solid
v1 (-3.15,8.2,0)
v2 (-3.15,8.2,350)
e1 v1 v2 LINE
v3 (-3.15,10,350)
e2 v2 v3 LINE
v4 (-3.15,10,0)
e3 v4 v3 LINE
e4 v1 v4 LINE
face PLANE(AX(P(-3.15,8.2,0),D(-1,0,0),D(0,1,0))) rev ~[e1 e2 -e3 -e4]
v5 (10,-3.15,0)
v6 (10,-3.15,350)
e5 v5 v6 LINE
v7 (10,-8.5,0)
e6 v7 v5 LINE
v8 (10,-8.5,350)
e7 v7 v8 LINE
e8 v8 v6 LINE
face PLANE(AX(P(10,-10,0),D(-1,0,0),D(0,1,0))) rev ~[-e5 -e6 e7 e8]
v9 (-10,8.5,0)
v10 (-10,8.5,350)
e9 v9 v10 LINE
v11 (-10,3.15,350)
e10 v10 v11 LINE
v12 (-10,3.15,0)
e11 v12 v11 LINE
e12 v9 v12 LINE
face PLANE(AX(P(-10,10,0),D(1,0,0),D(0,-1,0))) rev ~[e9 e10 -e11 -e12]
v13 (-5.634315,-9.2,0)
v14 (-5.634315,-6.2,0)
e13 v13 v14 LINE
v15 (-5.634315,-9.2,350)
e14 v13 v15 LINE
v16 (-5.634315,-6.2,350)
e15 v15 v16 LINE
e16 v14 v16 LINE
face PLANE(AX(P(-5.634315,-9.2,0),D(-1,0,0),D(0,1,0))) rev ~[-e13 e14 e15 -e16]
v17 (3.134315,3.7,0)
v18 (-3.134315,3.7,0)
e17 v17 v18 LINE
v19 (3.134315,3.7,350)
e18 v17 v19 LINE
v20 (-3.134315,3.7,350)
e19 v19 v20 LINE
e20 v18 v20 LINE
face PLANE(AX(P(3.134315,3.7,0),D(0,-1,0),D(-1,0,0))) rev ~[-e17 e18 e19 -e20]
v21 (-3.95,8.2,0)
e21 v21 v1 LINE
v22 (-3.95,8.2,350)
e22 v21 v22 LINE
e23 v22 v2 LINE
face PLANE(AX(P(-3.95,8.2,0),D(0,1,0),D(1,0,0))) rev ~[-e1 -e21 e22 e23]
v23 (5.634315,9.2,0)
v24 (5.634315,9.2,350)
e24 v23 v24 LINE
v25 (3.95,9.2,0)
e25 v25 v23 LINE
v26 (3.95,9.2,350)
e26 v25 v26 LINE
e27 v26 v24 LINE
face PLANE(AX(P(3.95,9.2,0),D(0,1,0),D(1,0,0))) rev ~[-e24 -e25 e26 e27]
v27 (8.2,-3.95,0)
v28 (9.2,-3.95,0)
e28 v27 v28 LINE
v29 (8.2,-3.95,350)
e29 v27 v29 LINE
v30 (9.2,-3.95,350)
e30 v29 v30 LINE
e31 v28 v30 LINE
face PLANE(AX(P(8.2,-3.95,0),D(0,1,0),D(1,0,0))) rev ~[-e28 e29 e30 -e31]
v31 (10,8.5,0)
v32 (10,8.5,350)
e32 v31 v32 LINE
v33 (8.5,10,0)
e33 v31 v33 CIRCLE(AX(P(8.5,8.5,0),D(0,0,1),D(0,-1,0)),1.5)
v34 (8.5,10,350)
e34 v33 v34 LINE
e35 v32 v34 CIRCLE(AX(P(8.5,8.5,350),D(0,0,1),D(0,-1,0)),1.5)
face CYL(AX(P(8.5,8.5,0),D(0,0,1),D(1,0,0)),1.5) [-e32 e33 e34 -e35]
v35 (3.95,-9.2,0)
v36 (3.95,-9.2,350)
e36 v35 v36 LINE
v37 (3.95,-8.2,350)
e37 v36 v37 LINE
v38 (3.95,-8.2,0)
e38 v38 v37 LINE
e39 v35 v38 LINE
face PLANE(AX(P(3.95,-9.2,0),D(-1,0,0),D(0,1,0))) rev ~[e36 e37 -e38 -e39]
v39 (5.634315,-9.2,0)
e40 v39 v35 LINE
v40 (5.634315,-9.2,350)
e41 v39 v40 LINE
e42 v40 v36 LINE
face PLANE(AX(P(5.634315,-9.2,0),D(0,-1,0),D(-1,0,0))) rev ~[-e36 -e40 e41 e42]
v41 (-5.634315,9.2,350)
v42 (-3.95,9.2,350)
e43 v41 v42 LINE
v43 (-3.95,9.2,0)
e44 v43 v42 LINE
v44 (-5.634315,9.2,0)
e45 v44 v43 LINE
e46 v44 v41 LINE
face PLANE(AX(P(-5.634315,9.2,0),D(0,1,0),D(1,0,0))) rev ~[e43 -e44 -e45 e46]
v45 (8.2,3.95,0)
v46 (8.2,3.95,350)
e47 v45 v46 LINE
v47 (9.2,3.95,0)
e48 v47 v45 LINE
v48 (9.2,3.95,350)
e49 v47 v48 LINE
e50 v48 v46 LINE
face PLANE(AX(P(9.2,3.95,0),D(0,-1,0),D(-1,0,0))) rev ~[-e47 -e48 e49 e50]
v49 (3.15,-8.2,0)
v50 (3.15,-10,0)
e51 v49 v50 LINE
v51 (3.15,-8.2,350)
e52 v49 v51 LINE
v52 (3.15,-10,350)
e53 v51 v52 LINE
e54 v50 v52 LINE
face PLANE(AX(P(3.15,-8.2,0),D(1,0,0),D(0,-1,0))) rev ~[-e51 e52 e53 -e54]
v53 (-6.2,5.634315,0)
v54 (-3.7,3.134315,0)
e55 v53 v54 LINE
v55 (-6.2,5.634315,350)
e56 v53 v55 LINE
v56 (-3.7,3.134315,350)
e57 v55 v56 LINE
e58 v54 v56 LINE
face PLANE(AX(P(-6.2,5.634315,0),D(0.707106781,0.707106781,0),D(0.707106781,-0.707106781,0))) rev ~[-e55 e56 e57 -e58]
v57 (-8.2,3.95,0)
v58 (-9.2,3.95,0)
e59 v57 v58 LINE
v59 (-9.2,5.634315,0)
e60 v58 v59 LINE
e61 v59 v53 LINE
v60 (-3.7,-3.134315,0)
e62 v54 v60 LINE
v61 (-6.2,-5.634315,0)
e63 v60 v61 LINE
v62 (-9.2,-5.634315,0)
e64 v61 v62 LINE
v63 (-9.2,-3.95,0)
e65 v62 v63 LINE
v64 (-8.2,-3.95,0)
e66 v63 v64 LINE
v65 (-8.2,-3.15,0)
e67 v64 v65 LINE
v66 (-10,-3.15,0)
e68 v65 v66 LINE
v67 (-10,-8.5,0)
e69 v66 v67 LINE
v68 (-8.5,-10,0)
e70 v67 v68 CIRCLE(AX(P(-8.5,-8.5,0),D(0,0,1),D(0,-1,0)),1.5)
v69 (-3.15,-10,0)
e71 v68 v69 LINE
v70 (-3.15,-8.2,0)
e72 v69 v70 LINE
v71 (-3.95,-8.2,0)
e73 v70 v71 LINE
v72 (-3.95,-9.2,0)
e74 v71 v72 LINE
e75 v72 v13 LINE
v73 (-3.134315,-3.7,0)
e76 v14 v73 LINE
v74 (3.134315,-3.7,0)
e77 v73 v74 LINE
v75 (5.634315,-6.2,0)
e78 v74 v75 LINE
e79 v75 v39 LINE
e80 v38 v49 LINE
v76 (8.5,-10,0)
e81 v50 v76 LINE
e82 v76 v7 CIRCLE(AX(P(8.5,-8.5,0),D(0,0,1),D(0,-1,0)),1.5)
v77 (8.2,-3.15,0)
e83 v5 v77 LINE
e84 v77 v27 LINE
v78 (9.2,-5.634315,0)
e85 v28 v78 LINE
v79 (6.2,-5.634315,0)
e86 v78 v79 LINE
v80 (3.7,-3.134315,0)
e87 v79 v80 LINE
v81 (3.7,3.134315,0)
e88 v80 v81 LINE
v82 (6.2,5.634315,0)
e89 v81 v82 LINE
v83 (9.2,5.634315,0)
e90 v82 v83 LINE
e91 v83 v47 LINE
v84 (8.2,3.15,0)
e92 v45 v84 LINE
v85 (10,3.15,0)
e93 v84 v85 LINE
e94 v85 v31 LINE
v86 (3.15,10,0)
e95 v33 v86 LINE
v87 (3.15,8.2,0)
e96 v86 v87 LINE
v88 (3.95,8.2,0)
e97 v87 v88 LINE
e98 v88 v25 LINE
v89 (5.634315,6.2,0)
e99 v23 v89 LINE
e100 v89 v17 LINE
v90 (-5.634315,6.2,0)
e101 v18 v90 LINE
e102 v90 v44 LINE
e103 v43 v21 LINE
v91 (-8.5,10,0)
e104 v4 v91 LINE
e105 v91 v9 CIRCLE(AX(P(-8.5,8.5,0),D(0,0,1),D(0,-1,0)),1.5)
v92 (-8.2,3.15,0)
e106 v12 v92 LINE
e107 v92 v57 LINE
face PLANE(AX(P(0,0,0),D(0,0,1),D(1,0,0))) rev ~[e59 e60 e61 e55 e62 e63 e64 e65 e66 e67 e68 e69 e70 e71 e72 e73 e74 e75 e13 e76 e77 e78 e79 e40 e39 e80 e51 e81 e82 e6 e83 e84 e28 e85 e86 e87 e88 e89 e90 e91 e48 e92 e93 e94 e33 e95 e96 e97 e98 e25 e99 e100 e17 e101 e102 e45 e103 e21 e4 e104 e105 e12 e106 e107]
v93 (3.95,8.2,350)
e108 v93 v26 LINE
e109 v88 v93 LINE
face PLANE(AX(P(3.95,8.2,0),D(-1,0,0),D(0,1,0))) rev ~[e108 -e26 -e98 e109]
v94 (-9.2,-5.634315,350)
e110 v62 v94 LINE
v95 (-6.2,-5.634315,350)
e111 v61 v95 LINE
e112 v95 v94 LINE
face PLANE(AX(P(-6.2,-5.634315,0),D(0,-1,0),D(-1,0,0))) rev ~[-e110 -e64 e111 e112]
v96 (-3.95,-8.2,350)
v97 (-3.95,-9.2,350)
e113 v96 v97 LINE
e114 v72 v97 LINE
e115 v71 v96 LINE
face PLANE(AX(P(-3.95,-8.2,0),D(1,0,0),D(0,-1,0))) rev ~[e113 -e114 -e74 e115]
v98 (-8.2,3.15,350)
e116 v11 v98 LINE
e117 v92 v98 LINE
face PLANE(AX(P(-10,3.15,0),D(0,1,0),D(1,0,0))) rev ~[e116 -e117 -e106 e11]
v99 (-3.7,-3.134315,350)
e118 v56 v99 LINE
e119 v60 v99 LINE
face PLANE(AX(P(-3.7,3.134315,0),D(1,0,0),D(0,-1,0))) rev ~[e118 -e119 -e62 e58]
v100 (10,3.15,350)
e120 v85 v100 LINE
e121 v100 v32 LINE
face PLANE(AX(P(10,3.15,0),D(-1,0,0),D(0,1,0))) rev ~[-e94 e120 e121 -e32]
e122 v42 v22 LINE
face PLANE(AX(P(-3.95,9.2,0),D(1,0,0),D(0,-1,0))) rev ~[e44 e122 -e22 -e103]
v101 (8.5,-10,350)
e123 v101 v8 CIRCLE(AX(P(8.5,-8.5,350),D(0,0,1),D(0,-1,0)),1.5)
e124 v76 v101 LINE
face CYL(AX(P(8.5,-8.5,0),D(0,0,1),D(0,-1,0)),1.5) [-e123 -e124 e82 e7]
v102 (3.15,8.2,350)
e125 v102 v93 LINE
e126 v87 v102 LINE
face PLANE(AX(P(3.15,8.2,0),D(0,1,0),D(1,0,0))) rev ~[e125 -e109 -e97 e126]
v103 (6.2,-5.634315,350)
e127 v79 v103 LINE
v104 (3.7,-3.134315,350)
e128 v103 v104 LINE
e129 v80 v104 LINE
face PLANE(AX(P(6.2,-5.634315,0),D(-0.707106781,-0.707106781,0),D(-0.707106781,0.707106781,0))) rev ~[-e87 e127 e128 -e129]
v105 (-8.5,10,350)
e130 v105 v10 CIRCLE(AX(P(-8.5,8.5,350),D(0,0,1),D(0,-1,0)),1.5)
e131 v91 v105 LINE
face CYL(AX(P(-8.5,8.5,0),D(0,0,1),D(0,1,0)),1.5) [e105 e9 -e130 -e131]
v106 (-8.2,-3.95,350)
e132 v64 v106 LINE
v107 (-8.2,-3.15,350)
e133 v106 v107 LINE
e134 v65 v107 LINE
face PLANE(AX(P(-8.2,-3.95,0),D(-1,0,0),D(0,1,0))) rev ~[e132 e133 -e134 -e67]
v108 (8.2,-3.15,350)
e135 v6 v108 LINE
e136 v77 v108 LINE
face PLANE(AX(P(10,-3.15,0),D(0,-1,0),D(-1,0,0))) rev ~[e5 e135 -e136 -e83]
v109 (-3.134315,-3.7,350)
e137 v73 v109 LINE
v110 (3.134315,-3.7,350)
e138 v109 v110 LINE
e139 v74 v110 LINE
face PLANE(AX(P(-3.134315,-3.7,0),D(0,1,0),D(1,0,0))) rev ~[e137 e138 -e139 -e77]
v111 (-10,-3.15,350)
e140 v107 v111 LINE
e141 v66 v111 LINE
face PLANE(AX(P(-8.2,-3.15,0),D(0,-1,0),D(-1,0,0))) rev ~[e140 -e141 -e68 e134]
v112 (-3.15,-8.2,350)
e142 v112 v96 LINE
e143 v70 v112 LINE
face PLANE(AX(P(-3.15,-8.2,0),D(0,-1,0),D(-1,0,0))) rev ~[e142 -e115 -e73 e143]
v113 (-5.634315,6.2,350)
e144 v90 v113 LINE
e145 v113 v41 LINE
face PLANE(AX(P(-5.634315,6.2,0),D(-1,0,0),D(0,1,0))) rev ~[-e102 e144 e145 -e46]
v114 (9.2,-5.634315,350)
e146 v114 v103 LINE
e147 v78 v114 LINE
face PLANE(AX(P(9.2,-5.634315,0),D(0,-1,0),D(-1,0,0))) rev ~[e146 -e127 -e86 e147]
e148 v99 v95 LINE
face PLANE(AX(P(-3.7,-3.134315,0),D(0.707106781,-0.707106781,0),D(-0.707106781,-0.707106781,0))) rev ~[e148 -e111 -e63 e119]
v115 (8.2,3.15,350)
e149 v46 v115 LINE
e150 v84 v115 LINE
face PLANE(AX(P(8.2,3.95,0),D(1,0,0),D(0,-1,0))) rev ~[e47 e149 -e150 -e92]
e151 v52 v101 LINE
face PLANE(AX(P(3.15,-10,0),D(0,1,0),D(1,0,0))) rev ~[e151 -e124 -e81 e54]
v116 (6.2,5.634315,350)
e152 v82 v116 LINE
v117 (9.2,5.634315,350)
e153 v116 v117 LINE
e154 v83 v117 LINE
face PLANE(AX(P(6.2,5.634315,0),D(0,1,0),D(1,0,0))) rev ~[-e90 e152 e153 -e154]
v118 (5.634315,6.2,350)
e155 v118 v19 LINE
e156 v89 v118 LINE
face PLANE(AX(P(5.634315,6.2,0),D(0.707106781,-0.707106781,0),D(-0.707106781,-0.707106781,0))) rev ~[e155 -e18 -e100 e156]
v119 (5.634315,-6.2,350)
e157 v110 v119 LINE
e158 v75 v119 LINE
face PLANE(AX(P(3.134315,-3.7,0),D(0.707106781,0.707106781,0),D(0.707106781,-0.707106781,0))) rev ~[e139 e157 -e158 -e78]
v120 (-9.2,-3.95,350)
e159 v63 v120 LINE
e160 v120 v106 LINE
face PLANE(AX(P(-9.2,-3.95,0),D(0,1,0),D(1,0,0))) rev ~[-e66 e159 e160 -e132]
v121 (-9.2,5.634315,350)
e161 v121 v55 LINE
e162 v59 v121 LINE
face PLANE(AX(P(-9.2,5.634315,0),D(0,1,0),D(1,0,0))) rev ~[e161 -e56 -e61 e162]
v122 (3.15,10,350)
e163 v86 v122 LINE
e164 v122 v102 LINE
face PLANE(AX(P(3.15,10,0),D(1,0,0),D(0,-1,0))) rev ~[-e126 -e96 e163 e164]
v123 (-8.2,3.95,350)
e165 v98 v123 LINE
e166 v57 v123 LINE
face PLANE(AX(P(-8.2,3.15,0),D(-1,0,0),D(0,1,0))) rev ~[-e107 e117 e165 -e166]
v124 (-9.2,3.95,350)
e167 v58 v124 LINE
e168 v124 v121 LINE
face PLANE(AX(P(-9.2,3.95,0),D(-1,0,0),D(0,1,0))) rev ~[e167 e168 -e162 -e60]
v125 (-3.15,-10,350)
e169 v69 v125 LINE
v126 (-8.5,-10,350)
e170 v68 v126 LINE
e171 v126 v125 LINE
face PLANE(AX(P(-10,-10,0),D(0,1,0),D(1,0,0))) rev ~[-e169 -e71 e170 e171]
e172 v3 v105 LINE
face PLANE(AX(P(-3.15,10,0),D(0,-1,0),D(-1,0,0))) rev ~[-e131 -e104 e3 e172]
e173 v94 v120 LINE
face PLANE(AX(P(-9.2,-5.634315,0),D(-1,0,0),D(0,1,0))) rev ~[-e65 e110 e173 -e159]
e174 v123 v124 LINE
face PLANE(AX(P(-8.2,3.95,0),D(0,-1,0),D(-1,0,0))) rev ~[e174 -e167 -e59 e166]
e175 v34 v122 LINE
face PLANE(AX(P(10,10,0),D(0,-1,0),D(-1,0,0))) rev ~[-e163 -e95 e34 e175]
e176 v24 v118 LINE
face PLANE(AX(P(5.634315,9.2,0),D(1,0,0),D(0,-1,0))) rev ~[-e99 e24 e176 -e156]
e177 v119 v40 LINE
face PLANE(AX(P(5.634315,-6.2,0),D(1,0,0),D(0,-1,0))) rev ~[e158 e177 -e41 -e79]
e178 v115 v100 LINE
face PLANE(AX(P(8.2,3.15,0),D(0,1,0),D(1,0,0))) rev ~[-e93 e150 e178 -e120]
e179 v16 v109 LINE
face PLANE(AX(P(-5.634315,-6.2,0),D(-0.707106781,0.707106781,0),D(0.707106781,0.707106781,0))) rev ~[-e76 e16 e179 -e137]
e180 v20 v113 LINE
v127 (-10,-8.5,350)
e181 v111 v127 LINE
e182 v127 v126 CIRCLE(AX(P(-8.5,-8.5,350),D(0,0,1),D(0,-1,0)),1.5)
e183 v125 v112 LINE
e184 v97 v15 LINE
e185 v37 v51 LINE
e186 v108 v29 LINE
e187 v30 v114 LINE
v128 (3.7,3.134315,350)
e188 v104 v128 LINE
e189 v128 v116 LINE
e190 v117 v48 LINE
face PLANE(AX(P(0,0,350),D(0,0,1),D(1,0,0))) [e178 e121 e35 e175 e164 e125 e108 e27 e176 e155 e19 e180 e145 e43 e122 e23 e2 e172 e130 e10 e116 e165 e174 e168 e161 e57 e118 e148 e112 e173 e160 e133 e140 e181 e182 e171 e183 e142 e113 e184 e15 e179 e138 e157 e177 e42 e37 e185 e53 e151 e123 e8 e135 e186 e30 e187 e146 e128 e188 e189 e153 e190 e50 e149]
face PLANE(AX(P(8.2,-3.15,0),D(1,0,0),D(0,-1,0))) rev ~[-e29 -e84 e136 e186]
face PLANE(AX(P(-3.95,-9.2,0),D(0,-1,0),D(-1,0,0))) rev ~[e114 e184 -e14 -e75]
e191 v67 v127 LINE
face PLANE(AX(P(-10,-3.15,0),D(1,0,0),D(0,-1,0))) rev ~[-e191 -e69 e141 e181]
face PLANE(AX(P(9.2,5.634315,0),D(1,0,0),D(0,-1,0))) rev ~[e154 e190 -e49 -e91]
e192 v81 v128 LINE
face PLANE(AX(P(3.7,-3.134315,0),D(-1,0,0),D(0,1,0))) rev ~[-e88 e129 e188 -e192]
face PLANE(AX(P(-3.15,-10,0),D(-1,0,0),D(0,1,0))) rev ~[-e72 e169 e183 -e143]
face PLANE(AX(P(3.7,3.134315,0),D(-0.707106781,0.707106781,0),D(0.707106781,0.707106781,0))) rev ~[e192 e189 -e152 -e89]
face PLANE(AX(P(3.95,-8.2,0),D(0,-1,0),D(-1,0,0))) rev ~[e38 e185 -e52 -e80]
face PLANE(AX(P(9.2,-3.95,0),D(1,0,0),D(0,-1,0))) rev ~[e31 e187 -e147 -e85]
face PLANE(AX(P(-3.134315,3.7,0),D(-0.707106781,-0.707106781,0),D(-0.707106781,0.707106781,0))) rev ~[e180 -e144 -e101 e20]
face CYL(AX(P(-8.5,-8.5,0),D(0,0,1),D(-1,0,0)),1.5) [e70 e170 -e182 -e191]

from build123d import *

# Parameters (mm, degrees)
EXTRUDE_2_DEPTH = 350
FILLET_1_R      = 1.5


with BuildPart() as part:
    # 草图1 → 凸台-拉伸2 (new body)
    with BuildSketch(Plane.XY):
        Polygon((-10, -3.15), (-10, -10), (-3.15, -10), (-3.15, -8.2), (-3.95, -8.2), (-3.95, -9.2), (-5.634314575, -9.2), (-5.634314575, -6.2), (-3.134314575, -3.7), (3.134314575, -3.7), (5.634314575, -6.2), (5.634314575, -9.2), (3.95, -9.2), (3.95, -8.2), (3.15, -8.2), (3.15, -10), (10, -10), (10, -3.15), (8.2, -3.15), (8.2, -3.95), (9.2, -3.95), (9.2, -5.634314575), (6.2, -5.634314575), (3.7, -3.134314575), (3.7, 3.134314575), (6.2, 5.634314575), (9.2, 5.634314575), (9.2, 3.95), (8.2, 3.95), (8.2, 3.15), (10, 3.15), (10, 10), (3.15, 10), (3.15, 8.2), (3.95, 8.2), (3.95, 9.2), (5.634314575, 9.2), (5.634314575, 6.2), (3.134314575, 3.7), (-3.134314575, 3.7), (-5.634314575, 6.2), (-5.634314575, 9.2), (-3.95, 9.2), (-3.95, 8.2), (-3.15, 8.2), (-3.15, 10), (-10, 10), (-10, 3.15), (-8.2, 3.15), (-8.2, 3.95), (-9.2, 3.95), (-9.2, 5.634314575), (-6.2, 5.634314575), (-3.7, 3.134314575), (-3.7, -3.134314575), (-6.2, -5.634314575), (-9.2, -5.634314575), (-9.2, -3.95), (-8.2, -3.95), (-8.2, -3.15), align=None)
    extrude(amount=EXTRUDE_2_DEPTH)

    # 圆角1
    fillet_1_edges = [part.edges().sort_by_distance(p)[0] for p in [
        (-10, -10, 175),
        (-10, 10, 175),
        (10, 10, 175),
        (10, -10, 175),
    ]]
    fillet(fillet_1_edges, radius=FILLET_1_R)


solid = part.part
